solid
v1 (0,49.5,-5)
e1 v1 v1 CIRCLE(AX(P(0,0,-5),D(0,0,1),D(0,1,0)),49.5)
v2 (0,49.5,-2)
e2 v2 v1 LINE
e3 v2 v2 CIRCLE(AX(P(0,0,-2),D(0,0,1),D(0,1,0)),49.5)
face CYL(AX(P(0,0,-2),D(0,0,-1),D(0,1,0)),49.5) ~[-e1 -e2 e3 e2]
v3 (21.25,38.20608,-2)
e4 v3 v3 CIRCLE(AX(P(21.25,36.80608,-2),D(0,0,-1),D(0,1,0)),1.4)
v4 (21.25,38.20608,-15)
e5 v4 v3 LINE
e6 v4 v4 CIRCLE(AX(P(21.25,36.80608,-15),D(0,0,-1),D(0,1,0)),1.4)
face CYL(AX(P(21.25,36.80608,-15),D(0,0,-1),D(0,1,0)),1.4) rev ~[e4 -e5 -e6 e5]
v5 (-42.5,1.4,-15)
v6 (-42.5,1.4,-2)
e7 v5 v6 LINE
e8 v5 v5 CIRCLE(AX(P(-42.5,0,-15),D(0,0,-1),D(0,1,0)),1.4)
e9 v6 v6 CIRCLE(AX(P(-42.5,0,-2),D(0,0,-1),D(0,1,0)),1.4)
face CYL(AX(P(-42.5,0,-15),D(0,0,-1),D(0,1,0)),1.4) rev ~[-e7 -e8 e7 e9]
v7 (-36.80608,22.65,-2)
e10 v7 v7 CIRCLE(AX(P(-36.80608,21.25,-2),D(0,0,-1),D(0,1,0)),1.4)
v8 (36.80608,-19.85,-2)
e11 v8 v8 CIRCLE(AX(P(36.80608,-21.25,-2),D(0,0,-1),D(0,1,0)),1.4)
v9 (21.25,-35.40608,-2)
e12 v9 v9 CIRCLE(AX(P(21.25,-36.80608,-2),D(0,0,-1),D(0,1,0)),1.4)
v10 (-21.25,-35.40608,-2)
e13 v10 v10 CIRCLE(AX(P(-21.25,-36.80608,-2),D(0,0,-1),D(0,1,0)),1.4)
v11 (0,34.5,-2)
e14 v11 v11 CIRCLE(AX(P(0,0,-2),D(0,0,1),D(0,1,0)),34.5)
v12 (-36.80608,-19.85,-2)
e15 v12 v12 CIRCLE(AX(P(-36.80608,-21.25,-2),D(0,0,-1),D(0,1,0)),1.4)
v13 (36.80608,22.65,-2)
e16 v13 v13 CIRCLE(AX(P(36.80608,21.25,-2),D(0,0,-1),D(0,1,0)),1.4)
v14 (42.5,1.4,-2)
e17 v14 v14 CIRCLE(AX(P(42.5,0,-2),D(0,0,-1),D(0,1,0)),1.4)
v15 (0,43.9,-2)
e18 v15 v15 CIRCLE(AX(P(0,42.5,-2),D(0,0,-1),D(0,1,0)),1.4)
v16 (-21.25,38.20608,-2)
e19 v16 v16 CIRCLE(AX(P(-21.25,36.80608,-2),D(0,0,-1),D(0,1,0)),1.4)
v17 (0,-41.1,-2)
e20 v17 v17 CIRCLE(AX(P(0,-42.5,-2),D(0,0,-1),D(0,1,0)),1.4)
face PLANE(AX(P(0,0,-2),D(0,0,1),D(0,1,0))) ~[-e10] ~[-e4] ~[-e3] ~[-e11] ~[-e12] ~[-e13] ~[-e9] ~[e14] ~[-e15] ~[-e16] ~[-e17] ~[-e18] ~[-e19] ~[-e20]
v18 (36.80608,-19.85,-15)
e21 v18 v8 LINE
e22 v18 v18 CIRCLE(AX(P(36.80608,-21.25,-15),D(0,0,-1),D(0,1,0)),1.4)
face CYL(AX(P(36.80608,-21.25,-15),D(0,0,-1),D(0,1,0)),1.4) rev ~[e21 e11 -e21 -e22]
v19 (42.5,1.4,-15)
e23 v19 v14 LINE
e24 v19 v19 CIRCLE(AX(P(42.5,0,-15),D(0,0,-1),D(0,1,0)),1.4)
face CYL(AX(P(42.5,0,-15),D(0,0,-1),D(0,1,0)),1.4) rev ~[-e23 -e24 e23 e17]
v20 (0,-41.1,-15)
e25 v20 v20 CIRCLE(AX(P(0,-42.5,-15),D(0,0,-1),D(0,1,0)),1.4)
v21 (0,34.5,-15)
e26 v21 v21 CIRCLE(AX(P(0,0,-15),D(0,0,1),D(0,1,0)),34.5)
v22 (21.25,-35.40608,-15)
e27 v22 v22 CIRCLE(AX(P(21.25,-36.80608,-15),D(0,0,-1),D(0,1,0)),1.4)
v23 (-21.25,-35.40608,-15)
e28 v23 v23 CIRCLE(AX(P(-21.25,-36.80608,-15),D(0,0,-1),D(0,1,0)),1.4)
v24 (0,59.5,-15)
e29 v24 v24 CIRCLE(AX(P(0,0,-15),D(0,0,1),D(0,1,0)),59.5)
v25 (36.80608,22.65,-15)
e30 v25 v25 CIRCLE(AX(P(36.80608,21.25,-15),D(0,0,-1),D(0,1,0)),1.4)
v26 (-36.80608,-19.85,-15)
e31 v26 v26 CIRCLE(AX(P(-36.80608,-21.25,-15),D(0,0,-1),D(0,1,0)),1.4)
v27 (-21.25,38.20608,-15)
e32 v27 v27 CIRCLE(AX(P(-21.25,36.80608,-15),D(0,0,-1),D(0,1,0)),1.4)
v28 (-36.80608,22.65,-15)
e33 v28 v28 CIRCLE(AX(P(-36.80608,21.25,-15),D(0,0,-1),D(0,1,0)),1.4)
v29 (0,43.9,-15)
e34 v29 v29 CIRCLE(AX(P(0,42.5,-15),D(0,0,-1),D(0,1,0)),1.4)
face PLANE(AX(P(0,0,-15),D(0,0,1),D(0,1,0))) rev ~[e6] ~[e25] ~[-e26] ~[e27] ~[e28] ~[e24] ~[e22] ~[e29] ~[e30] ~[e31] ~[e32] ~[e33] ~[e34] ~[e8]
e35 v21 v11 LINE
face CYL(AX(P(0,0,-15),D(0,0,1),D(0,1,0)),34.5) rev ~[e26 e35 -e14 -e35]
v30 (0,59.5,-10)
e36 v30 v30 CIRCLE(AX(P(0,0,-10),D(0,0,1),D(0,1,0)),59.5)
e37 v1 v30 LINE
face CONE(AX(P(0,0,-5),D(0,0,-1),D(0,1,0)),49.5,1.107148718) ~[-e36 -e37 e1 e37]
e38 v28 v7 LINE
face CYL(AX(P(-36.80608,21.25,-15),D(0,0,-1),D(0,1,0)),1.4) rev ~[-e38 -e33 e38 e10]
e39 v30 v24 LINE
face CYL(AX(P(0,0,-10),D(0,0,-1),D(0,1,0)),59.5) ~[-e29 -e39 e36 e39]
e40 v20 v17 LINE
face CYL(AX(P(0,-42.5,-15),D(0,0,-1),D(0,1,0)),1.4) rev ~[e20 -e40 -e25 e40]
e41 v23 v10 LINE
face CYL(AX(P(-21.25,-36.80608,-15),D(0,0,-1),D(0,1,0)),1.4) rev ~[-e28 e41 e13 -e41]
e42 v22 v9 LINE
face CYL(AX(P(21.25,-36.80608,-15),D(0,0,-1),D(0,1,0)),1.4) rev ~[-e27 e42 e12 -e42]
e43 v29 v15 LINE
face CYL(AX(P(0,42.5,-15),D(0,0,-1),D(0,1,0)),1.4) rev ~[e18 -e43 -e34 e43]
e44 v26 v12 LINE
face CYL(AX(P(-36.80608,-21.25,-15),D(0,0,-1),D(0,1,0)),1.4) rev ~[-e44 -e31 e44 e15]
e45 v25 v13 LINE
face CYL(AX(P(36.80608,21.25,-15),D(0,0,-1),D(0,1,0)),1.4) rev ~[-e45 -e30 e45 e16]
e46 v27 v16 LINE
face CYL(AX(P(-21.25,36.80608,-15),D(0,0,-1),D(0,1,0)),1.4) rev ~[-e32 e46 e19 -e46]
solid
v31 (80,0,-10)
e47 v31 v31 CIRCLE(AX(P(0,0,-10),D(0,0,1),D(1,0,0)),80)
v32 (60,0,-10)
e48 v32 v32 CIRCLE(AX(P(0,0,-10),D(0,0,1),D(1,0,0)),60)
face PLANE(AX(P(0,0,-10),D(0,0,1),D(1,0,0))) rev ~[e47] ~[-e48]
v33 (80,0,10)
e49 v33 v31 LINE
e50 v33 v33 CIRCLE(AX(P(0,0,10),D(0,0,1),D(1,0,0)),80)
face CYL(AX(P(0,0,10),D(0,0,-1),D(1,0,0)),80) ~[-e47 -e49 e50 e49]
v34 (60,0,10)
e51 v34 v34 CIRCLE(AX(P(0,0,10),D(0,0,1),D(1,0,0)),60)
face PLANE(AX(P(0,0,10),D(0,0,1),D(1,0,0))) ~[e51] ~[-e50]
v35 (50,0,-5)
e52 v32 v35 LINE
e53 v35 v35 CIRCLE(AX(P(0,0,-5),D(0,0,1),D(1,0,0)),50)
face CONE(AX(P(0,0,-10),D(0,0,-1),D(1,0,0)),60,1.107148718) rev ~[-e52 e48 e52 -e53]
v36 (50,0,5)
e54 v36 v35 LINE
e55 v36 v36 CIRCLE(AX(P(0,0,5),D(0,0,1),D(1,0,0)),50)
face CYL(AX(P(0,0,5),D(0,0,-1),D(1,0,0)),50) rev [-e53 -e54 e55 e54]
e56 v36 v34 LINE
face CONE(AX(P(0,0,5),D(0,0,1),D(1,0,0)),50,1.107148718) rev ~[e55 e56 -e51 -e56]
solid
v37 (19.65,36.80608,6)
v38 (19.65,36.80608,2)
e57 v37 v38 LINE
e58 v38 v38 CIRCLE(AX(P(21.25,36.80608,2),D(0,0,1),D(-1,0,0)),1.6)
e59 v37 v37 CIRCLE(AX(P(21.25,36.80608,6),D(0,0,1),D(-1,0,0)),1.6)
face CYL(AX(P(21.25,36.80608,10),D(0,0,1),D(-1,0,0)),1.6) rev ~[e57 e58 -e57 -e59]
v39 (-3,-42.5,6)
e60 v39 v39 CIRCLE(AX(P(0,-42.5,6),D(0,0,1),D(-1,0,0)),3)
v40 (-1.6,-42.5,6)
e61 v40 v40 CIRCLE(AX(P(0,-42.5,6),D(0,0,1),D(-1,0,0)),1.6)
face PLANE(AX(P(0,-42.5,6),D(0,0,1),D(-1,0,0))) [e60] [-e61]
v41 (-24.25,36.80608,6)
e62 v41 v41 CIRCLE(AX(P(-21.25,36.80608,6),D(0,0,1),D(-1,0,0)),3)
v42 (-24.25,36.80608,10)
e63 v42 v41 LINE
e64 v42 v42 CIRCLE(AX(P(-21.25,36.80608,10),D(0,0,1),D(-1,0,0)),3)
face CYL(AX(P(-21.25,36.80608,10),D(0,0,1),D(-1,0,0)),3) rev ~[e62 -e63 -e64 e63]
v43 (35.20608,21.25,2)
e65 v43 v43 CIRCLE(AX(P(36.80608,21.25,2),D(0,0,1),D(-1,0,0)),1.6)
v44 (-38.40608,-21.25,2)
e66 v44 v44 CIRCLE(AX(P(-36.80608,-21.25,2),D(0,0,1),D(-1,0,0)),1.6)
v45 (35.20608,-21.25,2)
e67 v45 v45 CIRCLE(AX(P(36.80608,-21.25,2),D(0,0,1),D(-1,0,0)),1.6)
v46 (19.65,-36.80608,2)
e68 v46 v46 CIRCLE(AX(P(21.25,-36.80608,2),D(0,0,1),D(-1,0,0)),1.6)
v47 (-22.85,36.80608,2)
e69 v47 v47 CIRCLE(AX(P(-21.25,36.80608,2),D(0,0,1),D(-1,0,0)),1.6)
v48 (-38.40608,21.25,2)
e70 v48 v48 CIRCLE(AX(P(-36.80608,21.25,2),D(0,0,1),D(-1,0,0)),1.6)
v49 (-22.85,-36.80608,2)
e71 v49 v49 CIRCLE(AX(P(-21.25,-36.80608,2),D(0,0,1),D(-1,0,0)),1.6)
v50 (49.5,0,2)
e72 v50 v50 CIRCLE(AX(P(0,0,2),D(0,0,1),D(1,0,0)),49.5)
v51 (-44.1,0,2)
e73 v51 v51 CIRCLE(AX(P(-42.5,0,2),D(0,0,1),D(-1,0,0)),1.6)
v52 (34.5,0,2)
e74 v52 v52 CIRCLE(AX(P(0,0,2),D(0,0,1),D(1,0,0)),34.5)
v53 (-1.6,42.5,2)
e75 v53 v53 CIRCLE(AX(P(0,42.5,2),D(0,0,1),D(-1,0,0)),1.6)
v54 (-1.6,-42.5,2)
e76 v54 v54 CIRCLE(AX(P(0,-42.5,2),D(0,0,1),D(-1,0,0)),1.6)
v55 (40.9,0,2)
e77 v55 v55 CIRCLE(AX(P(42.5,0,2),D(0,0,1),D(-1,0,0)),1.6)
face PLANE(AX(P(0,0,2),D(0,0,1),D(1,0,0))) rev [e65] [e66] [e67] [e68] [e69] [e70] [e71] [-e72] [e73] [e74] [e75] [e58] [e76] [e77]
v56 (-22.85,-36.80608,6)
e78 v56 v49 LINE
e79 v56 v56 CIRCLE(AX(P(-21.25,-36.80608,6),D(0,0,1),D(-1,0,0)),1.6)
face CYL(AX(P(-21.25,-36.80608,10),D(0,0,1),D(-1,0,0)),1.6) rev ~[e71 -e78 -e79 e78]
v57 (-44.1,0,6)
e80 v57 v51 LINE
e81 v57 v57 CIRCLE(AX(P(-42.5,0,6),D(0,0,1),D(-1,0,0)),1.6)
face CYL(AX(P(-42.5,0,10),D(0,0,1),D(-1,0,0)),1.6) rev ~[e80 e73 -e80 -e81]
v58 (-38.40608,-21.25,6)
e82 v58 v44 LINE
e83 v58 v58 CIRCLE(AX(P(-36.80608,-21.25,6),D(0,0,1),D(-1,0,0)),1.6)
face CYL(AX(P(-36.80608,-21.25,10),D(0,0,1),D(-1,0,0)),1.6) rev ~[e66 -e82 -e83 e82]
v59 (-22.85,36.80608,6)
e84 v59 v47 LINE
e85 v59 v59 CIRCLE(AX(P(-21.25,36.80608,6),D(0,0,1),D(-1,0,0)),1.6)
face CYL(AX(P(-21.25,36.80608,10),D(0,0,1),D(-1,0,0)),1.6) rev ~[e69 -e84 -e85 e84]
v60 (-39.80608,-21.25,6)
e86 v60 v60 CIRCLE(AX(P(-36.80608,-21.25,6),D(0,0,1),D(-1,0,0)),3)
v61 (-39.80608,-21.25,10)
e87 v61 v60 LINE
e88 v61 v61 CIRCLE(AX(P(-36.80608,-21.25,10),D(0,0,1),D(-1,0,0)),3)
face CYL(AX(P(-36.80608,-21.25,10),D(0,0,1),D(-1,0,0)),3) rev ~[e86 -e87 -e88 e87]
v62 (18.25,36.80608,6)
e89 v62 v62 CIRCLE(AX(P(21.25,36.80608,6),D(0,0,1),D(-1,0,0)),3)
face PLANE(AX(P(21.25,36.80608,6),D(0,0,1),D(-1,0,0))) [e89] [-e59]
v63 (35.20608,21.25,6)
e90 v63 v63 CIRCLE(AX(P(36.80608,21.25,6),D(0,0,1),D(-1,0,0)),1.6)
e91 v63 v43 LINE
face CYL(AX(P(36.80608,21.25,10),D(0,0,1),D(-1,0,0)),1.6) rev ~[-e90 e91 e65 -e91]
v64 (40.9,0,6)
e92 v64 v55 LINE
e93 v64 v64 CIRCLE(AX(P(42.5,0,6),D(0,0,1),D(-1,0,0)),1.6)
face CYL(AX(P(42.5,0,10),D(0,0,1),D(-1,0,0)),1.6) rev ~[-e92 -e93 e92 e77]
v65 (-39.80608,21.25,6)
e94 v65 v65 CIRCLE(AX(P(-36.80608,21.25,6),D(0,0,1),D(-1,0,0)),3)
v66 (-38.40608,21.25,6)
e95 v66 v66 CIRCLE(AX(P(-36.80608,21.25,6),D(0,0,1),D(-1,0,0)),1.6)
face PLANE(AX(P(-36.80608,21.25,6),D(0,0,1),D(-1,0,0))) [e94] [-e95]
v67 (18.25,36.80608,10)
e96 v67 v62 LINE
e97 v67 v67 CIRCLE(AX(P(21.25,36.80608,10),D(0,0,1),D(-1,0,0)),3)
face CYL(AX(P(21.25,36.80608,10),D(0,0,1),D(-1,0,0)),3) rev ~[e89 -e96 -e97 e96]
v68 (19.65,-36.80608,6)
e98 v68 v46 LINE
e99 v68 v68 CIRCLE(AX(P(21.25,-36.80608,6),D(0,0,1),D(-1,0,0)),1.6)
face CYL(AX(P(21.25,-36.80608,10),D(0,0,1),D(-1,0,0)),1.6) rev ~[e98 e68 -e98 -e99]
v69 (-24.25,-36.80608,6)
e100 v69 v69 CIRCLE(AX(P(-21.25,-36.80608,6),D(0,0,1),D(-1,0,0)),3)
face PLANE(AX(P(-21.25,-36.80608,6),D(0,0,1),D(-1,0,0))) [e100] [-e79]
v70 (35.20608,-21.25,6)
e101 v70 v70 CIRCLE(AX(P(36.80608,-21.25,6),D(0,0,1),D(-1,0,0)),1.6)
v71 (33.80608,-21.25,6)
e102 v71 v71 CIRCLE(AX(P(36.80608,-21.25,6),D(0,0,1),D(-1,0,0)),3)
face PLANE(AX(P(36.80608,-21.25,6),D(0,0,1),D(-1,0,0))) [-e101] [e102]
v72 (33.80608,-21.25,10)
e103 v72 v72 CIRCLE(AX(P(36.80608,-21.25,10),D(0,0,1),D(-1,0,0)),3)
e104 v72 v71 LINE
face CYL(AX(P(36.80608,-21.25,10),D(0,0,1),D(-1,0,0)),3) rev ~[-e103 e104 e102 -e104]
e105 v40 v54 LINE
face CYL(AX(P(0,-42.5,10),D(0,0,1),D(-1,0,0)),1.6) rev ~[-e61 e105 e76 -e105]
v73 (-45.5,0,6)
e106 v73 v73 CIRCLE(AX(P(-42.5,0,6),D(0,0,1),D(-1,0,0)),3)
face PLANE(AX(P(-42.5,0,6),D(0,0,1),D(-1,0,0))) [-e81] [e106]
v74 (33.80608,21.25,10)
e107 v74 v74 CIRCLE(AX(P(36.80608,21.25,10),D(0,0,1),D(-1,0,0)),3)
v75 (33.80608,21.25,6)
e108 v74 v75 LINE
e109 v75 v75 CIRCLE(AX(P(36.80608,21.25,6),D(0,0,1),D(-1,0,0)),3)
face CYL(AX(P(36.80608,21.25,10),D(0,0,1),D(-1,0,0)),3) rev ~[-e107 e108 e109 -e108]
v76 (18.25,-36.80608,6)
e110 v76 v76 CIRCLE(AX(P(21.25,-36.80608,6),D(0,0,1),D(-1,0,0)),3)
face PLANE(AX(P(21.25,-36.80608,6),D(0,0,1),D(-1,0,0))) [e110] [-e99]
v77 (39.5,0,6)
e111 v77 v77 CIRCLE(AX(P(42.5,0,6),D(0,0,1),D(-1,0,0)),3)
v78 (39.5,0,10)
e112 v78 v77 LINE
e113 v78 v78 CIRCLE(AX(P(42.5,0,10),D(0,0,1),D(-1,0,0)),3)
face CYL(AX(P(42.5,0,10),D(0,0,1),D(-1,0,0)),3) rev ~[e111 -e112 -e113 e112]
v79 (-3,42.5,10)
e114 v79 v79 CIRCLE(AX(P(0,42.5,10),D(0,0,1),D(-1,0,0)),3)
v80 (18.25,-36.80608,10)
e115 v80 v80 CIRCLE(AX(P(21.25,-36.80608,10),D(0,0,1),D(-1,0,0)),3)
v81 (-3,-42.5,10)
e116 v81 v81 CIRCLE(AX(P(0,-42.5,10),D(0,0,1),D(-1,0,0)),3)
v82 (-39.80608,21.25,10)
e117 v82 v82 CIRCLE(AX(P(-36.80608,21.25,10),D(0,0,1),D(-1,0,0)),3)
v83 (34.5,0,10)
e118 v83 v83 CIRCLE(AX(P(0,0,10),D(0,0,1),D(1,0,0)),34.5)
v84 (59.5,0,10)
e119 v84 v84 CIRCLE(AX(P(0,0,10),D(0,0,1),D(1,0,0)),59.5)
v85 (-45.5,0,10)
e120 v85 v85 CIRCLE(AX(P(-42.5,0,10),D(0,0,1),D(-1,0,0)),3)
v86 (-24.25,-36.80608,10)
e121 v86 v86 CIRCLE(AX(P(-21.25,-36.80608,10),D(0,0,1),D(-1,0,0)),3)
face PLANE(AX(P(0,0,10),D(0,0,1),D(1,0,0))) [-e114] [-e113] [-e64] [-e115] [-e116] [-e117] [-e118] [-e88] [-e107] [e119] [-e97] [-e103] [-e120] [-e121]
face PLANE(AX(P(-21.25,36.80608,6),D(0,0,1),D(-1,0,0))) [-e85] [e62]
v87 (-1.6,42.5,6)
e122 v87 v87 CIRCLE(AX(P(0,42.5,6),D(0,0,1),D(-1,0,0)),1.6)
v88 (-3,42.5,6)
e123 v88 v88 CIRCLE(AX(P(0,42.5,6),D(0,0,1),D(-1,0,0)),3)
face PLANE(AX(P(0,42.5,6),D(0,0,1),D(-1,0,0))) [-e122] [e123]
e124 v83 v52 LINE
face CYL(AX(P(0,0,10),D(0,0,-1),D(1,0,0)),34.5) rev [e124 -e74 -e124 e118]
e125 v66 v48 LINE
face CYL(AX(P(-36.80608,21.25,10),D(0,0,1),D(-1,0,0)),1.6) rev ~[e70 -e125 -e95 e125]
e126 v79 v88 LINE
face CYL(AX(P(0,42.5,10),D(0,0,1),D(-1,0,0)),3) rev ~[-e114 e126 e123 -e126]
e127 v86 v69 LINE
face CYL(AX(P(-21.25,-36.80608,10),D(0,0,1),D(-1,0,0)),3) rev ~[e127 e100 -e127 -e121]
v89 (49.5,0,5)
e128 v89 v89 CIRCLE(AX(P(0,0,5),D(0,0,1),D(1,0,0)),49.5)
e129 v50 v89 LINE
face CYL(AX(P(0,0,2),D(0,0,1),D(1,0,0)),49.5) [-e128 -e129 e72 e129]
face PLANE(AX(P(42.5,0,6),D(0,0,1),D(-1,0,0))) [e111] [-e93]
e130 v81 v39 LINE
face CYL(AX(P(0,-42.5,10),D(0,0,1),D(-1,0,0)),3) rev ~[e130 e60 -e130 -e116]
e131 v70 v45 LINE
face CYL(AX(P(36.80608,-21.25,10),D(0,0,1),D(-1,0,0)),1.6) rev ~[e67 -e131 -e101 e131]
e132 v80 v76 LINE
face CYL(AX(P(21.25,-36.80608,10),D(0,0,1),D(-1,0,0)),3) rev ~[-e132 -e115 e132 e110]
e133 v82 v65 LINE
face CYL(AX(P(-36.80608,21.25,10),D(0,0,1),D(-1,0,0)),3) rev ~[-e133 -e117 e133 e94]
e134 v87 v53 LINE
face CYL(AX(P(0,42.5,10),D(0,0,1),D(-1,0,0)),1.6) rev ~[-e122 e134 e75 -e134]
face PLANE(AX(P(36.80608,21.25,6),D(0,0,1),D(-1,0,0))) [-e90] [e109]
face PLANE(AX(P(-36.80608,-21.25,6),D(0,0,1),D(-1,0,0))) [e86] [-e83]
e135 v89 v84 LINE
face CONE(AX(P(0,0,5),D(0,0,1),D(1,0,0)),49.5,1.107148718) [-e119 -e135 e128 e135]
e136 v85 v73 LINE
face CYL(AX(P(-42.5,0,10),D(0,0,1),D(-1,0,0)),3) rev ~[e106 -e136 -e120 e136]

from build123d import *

# Parameters (mm, degrees)
SKETCH002_R     = 1.6
POCKET_DEPTH    = 8.001
SKETCH003_R     = 3
POCKET001_DEPTH = 4
SKETCH005_R     = 1.4
POCKET002_DEPTH = 13.001


with BuildPart() as body:
    # Sketch → Revolution (revolve)
    with BuildSketch(Plane.XZ):
        Polygon((50, 0), (50, 5), (60, 10), (80, 10), (80, -10), (60, -10), (50, -5), align=None)
    revolve(axis=Axis((0, 0, 0), (0, 0, 1)))


with BuildPart() as innerupper:
    # Sketch001 → Revolution001 (revolve)
    with BuildSketch(Plane.XZ):
        Polygon((49.5, 2), (49.5, 5), (59.5, 10), (34.5, 10), (34.5, 2), align=None)
    revolve(axis=Axis((0, 0, 0), (0, 0, 1)))

    # Sketch002 (on Face3 of Revolution001) → Pocket (cut, through all)
    with BuildSketch(Plane(origin=(0, 0, 10), x_dir=(-1, 0, 0), z_dir=(0, 0, 1))):
        with Locations((0, 42.5)):
            Circle(SKETCH002_R)
        with Locations((21.25, 36.80608)):
            Circle(SKETCH002_R)
        with Locations((36.80608, 21.25)):
            Circle(SKETCH002_R)
        with Locations((42.5, 0)):
            Circle(SKETCH002_R)
        with Locations((36.80608, -21.25)):
            Circle(SKETCH002_R)
        with Locations((21.25, -36.80608)):
            Circle(SKETCH002_R)
        with Locations((0, -42.5)):
            Circle(SKETCH002_R)
        with Locations((-21.25, -36.80608)):
            Circle(SKETCH002_R)
        with Locations((-36.80608, -21.25)):
            Circle(SKETCH002_R)
        with Locations((-42.5, 0)):
            Circle(SKETCH002_R)
        with Locations((-36.80608, 21.25)):
            Circle(SKETCH002_R)
        with Locations((-21.25, 36.80608)):
            Circle(SKETCH002_R)
    extrude(amount=-POCKET_DEPTH, mode=Mode.SUBTRACT)

    # Sketch003 (on Face17 of Pocket) → Pocket001 (cut)
    with BuildSketch(Plane(origin=(0, 0, 10), x_dir=(-1, 0, 0), z_dir=(0, 0, 1))):
        with Locations((0, 42.5)):
            Circle(SKETCH003_R)
        with Locations((21.25, 36.80608)):
            Circle(SKETCH003_R)
        with Locations((36.80608, 21.25)):
            Circle(SKETCH003_R)
        with Locations((42.5, 0)):
            Circle(SKETCH003_R)
        with Locations((36.80608, -21.25)):
            Circle(SKETCH003_R)
        with Locations((21.25, -36.80608)):
            Circle(SKETCH003_R)
        with Locations((0, -42.5)):
            Circle(SKETCH003_R)
        with Locations((-21.25, -36.80608)):
            Circle(SKETCH003_R)
        with Locations((-36.80608, -21.25)):
            Circle(SKETCH003_R)
        with Locations((-42.5, 0)):
            Circle(SKETCH003_R)
        with Locations((-36.80608, 21.25)):
            Circle(SKETCH003_R)
        with Locations((-21.25, 36.80608)):
            Circle(SKETCH003_R)
    extrude(amount=-POCKET001_DEPTH, mode=Mode.SUBTRACT)


with BuildPart() as innerlower:
    # Sketch004 → Revolution002 (revolve)
    with BuildSketch(Plane.YZ):
        Polygon((49.5, -2), (49.5, -5), (59.5, -10), (59.5, -15), (34.5, -15), (34.5, -2), align=None)
    revolve(axis=Axis((0, 0, 0), (0, 0, 1)))

    # Sketch005 (on Face4 of Revolution002) → Pocket002 (cut, through all)
    with BuildSketch(Plane.YX.offset(15)):
        with Locations((21.25, 36.80608)):
            Circle(SKETCH005_R)
        with Locations((0, 42.5)):
            Circle(SKETCH005_R)
        with Locations((-21.25, 36.80608)):
            Circle(SKETCH005_R)
        with Locations((-36.80608, 21.25)):
            Circle(SKETCH005_R)
        with Locations((-42.5, 0)):
            Circle(SKETCH005_R)
        with Locations((-36.80608, -21.25)):
            Circle(SKETCH005_R)
        with Locations((-21.25, -36.80608)):
            Circle(SKETCH005_R)
        with Locations((0, -42.5)):
            Circle(SKETCH005_R)
        with Locations((21.25, -36.80608)):
            Circle(SKETCH005_R)
        with Locations((36.80608, -21.25)):
            Circle(SKETCH005_R)
        with Locations((42.5, 0)):
            Circle(SKETCH005_R)
        with Locations((36.80608, 21.25)):
            Circle(SKETCH005_R)
    extrude(amount=-POCKET002_DEPTH, mode=Mode.SUBTRACT)


solid = Compound([body.part, innerupper.part, innerlower.part])
